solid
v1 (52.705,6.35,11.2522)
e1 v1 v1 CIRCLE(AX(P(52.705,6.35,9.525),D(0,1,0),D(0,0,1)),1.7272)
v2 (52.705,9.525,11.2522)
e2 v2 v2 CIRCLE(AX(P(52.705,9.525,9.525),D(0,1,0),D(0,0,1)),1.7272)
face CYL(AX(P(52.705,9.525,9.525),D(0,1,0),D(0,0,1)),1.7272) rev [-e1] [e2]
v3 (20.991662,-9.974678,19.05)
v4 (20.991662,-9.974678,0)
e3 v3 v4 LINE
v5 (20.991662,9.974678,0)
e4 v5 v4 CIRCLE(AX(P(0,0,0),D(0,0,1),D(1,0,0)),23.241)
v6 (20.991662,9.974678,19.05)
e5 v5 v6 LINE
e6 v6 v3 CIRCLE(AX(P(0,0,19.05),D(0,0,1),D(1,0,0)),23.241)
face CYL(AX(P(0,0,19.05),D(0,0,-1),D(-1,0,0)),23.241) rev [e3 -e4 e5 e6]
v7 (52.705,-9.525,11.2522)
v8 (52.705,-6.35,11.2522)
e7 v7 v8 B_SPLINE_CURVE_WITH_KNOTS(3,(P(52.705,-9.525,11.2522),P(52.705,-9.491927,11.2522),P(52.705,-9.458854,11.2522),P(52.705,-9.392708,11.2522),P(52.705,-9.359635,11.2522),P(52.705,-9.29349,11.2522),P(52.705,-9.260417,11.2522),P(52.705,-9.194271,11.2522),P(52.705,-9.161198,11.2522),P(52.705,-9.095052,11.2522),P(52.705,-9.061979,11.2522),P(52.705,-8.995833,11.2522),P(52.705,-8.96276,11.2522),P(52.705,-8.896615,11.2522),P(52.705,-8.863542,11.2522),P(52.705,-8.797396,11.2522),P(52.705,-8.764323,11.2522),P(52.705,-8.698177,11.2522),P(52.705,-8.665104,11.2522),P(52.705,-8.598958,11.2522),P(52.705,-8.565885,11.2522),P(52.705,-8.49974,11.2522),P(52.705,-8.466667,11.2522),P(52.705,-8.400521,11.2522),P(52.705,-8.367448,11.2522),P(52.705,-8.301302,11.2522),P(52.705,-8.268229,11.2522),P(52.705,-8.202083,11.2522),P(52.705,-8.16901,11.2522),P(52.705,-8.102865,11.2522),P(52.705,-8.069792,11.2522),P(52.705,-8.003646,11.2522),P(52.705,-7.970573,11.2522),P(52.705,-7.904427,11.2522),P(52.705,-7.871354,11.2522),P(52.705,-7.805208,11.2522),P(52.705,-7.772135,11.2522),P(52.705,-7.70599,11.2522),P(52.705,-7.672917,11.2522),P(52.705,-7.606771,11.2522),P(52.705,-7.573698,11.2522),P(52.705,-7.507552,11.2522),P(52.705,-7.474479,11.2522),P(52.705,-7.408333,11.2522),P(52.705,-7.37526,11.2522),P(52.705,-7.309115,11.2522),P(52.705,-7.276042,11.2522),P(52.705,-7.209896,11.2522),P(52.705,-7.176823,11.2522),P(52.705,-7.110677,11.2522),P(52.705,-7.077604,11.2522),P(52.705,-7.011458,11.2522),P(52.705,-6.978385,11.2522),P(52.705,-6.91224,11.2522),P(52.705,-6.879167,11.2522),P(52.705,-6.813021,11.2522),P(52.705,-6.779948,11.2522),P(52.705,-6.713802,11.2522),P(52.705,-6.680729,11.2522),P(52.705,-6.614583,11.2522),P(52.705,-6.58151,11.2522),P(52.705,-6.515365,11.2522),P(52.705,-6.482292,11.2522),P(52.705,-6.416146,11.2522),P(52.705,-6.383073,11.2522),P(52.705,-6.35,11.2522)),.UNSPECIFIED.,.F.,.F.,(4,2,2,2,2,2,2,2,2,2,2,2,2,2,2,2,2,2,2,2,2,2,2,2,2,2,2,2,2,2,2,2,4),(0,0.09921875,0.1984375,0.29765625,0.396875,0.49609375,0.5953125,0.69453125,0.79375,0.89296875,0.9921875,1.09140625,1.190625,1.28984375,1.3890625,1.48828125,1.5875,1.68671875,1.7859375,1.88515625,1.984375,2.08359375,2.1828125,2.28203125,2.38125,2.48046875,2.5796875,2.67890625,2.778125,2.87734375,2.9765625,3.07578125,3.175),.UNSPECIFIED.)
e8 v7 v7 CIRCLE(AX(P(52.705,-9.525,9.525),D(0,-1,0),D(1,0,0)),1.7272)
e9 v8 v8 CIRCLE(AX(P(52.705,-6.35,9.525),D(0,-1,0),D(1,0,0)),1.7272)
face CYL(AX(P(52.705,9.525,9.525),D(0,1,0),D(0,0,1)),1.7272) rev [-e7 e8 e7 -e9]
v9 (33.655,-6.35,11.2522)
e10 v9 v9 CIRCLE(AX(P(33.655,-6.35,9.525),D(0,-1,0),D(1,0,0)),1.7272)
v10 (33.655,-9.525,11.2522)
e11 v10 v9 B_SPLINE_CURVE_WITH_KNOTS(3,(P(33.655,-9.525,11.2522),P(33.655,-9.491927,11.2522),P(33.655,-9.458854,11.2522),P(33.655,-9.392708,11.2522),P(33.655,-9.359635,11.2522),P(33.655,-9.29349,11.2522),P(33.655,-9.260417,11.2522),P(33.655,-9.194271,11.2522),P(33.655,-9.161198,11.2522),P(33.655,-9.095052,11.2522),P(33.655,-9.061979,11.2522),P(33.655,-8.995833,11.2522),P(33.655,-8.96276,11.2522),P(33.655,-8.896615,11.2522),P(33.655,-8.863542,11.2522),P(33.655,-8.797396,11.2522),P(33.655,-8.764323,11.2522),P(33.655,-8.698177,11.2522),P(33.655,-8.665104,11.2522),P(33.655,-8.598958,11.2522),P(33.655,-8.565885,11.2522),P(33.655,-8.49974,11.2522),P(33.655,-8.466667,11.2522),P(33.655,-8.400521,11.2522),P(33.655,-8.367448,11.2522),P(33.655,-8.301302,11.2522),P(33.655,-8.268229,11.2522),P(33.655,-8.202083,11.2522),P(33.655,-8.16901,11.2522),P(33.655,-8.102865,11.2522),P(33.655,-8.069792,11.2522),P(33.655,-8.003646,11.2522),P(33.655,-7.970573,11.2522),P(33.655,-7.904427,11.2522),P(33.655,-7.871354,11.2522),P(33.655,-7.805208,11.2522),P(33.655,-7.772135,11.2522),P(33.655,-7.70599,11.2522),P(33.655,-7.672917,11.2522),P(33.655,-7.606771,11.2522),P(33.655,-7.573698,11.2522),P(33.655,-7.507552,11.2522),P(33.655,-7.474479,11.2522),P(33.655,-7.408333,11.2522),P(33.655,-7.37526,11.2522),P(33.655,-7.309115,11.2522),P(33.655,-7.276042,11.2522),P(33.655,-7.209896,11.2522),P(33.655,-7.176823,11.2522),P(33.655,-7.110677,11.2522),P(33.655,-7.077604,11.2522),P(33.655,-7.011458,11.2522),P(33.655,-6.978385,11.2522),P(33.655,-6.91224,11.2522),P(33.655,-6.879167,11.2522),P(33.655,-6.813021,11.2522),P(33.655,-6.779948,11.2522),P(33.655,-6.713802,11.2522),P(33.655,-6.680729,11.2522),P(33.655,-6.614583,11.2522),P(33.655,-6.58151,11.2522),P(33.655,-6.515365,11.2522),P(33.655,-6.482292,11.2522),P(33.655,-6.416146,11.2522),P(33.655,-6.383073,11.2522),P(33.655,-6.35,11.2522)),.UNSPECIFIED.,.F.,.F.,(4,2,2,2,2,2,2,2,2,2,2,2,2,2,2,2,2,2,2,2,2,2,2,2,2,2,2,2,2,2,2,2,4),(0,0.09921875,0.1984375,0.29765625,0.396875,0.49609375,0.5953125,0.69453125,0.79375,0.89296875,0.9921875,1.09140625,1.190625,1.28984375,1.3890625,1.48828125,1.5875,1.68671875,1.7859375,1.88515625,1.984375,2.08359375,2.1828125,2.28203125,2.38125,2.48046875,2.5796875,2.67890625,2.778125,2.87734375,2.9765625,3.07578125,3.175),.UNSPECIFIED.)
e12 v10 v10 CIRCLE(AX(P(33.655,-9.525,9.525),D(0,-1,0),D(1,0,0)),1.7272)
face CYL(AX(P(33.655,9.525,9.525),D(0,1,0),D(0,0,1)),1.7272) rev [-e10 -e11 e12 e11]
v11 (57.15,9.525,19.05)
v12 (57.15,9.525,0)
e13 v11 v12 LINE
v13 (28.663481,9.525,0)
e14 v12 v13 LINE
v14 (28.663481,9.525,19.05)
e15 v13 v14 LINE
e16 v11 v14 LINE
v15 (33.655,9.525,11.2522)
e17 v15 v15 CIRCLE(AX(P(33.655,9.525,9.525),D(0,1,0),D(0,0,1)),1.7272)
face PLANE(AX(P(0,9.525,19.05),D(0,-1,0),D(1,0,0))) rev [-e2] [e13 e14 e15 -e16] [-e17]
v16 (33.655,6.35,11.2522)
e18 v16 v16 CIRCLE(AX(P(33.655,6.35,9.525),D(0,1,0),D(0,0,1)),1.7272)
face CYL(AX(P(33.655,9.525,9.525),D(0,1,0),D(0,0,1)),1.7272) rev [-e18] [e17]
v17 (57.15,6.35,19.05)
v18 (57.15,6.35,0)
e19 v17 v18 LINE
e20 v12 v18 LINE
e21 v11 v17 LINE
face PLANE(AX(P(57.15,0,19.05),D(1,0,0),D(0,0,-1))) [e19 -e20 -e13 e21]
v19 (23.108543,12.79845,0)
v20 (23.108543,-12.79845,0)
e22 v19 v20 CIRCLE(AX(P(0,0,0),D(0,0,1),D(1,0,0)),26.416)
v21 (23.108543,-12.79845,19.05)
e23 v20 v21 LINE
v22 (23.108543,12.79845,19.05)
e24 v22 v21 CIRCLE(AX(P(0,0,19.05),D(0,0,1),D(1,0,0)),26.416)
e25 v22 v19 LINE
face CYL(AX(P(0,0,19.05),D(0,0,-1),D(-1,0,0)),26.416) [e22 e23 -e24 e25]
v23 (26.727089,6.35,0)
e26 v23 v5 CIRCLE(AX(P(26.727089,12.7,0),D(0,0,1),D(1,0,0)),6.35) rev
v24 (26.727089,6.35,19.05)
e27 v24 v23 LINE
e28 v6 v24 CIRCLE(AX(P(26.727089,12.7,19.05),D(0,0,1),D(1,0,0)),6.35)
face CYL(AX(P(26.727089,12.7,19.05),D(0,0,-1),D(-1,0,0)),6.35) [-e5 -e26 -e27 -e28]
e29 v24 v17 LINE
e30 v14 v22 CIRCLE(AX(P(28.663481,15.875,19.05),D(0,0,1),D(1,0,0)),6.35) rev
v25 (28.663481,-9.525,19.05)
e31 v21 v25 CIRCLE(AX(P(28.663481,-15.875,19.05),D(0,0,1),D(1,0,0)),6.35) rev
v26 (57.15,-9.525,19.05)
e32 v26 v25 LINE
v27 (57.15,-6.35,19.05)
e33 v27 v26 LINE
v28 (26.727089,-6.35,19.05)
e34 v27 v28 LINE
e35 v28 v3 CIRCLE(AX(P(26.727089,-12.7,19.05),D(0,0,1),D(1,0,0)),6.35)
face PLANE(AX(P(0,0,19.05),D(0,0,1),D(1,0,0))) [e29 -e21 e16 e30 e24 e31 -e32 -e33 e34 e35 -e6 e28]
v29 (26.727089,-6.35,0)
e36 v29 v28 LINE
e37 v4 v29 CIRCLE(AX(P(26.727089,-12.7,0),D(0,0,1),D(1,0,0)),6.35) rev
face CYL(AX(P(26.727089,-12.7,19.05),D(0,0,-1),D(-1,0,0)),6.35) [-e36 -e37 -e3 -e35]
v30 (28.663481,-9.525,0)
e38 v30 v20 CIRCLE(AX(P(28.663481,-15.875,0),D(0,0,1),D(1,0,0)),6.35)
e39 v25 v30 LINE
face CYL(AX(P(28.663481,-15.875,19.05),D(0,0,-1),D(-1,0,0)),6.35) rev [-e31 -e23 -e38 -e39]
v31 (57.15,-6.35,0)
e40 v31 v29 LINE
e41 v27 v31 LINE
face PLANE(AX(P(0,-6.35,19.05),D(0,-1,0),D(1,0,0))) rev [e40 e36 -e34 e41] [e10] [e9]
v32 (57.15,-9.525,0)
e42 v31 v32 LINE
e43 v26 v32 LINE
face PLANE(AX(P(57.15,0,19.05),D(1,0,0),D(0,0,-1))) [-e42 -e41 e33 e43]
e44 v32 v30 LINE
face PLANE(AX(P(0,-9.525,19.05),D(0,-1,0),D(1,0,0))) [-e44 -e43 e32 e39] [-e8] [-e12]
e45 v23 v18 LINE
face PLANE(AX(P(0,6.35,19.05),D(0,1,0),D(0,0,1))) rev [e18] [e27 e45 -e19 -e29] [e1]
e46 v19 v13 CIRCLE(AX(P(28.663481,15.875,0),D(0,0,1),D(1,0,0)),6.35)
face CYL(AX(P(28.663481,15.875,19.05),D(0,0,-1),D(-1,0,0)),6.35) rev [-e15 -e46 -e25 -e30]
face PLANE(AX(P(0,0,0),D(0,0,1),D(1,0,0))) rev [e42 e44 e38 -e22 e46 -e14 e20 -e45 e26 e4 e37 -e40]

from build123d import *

# Parameters (mm, degrees)
BOSS_EXTRUDE1_DEPTH         = 19.05
FILLET1_R                   = 6.35
F_29_0_136_DIAMETER_HOLE1_D = 3.4544


with BuildPart() as part:
    # Sketch1 → Boss-Extrude1 (new body)
    with BuildSketch(Plane.XY):
        with BuildLine():
            ThreePointArc((22.356689849, -6.35), (-23.241, 0), (22.356689849, 6.35))
            Line((22.356689849, 6.35), (57.15, 6.35))
            Line((57.15, 6.35), (57.15, 9.525))
            Line((57.15, 9.525), (24.638981939, 9.525))
            ThreePointArc((24.638981939, 9.525), (-26.416, 0), (24.638981939, -9.525))
            Line((24.638981939, -9.525), (57.15, -9.525))
            Line((57.15, -9.525), (57.15, -6.35))
            Line((57.15, -6.35), (22.356689849, -6.35))
        make_face()
    extrude(amount=BOSS_EXTRUDE1_DEPTH)

    # Fillet1
    fillet1_edges = [part.edges().sort_by_distance(p)[0] for p in [
        (22.356689849, 6.35, 9.525),
        (22.356689849, -6.35, 9.525),
        (24.638981939, -9.525, 9.525),
        (24.638981939, 9.525, 9.525),
    ]]
    fillet(fillet1_edges, radius=FILLET1_R)

    # #29 (0.136) Diameter Hole1 (through all)
    with Locations(Plane(origin=(0, 9.525, 0), x_dir=(1, 0, 0), z_dir=(0, 1, 0))):
        with Locations((33.655, -9.525), (52.705, -9.525)):
            Hole(F_29_0_136_DIAMETER_HOLE1_D / 2)


solid = part.part
